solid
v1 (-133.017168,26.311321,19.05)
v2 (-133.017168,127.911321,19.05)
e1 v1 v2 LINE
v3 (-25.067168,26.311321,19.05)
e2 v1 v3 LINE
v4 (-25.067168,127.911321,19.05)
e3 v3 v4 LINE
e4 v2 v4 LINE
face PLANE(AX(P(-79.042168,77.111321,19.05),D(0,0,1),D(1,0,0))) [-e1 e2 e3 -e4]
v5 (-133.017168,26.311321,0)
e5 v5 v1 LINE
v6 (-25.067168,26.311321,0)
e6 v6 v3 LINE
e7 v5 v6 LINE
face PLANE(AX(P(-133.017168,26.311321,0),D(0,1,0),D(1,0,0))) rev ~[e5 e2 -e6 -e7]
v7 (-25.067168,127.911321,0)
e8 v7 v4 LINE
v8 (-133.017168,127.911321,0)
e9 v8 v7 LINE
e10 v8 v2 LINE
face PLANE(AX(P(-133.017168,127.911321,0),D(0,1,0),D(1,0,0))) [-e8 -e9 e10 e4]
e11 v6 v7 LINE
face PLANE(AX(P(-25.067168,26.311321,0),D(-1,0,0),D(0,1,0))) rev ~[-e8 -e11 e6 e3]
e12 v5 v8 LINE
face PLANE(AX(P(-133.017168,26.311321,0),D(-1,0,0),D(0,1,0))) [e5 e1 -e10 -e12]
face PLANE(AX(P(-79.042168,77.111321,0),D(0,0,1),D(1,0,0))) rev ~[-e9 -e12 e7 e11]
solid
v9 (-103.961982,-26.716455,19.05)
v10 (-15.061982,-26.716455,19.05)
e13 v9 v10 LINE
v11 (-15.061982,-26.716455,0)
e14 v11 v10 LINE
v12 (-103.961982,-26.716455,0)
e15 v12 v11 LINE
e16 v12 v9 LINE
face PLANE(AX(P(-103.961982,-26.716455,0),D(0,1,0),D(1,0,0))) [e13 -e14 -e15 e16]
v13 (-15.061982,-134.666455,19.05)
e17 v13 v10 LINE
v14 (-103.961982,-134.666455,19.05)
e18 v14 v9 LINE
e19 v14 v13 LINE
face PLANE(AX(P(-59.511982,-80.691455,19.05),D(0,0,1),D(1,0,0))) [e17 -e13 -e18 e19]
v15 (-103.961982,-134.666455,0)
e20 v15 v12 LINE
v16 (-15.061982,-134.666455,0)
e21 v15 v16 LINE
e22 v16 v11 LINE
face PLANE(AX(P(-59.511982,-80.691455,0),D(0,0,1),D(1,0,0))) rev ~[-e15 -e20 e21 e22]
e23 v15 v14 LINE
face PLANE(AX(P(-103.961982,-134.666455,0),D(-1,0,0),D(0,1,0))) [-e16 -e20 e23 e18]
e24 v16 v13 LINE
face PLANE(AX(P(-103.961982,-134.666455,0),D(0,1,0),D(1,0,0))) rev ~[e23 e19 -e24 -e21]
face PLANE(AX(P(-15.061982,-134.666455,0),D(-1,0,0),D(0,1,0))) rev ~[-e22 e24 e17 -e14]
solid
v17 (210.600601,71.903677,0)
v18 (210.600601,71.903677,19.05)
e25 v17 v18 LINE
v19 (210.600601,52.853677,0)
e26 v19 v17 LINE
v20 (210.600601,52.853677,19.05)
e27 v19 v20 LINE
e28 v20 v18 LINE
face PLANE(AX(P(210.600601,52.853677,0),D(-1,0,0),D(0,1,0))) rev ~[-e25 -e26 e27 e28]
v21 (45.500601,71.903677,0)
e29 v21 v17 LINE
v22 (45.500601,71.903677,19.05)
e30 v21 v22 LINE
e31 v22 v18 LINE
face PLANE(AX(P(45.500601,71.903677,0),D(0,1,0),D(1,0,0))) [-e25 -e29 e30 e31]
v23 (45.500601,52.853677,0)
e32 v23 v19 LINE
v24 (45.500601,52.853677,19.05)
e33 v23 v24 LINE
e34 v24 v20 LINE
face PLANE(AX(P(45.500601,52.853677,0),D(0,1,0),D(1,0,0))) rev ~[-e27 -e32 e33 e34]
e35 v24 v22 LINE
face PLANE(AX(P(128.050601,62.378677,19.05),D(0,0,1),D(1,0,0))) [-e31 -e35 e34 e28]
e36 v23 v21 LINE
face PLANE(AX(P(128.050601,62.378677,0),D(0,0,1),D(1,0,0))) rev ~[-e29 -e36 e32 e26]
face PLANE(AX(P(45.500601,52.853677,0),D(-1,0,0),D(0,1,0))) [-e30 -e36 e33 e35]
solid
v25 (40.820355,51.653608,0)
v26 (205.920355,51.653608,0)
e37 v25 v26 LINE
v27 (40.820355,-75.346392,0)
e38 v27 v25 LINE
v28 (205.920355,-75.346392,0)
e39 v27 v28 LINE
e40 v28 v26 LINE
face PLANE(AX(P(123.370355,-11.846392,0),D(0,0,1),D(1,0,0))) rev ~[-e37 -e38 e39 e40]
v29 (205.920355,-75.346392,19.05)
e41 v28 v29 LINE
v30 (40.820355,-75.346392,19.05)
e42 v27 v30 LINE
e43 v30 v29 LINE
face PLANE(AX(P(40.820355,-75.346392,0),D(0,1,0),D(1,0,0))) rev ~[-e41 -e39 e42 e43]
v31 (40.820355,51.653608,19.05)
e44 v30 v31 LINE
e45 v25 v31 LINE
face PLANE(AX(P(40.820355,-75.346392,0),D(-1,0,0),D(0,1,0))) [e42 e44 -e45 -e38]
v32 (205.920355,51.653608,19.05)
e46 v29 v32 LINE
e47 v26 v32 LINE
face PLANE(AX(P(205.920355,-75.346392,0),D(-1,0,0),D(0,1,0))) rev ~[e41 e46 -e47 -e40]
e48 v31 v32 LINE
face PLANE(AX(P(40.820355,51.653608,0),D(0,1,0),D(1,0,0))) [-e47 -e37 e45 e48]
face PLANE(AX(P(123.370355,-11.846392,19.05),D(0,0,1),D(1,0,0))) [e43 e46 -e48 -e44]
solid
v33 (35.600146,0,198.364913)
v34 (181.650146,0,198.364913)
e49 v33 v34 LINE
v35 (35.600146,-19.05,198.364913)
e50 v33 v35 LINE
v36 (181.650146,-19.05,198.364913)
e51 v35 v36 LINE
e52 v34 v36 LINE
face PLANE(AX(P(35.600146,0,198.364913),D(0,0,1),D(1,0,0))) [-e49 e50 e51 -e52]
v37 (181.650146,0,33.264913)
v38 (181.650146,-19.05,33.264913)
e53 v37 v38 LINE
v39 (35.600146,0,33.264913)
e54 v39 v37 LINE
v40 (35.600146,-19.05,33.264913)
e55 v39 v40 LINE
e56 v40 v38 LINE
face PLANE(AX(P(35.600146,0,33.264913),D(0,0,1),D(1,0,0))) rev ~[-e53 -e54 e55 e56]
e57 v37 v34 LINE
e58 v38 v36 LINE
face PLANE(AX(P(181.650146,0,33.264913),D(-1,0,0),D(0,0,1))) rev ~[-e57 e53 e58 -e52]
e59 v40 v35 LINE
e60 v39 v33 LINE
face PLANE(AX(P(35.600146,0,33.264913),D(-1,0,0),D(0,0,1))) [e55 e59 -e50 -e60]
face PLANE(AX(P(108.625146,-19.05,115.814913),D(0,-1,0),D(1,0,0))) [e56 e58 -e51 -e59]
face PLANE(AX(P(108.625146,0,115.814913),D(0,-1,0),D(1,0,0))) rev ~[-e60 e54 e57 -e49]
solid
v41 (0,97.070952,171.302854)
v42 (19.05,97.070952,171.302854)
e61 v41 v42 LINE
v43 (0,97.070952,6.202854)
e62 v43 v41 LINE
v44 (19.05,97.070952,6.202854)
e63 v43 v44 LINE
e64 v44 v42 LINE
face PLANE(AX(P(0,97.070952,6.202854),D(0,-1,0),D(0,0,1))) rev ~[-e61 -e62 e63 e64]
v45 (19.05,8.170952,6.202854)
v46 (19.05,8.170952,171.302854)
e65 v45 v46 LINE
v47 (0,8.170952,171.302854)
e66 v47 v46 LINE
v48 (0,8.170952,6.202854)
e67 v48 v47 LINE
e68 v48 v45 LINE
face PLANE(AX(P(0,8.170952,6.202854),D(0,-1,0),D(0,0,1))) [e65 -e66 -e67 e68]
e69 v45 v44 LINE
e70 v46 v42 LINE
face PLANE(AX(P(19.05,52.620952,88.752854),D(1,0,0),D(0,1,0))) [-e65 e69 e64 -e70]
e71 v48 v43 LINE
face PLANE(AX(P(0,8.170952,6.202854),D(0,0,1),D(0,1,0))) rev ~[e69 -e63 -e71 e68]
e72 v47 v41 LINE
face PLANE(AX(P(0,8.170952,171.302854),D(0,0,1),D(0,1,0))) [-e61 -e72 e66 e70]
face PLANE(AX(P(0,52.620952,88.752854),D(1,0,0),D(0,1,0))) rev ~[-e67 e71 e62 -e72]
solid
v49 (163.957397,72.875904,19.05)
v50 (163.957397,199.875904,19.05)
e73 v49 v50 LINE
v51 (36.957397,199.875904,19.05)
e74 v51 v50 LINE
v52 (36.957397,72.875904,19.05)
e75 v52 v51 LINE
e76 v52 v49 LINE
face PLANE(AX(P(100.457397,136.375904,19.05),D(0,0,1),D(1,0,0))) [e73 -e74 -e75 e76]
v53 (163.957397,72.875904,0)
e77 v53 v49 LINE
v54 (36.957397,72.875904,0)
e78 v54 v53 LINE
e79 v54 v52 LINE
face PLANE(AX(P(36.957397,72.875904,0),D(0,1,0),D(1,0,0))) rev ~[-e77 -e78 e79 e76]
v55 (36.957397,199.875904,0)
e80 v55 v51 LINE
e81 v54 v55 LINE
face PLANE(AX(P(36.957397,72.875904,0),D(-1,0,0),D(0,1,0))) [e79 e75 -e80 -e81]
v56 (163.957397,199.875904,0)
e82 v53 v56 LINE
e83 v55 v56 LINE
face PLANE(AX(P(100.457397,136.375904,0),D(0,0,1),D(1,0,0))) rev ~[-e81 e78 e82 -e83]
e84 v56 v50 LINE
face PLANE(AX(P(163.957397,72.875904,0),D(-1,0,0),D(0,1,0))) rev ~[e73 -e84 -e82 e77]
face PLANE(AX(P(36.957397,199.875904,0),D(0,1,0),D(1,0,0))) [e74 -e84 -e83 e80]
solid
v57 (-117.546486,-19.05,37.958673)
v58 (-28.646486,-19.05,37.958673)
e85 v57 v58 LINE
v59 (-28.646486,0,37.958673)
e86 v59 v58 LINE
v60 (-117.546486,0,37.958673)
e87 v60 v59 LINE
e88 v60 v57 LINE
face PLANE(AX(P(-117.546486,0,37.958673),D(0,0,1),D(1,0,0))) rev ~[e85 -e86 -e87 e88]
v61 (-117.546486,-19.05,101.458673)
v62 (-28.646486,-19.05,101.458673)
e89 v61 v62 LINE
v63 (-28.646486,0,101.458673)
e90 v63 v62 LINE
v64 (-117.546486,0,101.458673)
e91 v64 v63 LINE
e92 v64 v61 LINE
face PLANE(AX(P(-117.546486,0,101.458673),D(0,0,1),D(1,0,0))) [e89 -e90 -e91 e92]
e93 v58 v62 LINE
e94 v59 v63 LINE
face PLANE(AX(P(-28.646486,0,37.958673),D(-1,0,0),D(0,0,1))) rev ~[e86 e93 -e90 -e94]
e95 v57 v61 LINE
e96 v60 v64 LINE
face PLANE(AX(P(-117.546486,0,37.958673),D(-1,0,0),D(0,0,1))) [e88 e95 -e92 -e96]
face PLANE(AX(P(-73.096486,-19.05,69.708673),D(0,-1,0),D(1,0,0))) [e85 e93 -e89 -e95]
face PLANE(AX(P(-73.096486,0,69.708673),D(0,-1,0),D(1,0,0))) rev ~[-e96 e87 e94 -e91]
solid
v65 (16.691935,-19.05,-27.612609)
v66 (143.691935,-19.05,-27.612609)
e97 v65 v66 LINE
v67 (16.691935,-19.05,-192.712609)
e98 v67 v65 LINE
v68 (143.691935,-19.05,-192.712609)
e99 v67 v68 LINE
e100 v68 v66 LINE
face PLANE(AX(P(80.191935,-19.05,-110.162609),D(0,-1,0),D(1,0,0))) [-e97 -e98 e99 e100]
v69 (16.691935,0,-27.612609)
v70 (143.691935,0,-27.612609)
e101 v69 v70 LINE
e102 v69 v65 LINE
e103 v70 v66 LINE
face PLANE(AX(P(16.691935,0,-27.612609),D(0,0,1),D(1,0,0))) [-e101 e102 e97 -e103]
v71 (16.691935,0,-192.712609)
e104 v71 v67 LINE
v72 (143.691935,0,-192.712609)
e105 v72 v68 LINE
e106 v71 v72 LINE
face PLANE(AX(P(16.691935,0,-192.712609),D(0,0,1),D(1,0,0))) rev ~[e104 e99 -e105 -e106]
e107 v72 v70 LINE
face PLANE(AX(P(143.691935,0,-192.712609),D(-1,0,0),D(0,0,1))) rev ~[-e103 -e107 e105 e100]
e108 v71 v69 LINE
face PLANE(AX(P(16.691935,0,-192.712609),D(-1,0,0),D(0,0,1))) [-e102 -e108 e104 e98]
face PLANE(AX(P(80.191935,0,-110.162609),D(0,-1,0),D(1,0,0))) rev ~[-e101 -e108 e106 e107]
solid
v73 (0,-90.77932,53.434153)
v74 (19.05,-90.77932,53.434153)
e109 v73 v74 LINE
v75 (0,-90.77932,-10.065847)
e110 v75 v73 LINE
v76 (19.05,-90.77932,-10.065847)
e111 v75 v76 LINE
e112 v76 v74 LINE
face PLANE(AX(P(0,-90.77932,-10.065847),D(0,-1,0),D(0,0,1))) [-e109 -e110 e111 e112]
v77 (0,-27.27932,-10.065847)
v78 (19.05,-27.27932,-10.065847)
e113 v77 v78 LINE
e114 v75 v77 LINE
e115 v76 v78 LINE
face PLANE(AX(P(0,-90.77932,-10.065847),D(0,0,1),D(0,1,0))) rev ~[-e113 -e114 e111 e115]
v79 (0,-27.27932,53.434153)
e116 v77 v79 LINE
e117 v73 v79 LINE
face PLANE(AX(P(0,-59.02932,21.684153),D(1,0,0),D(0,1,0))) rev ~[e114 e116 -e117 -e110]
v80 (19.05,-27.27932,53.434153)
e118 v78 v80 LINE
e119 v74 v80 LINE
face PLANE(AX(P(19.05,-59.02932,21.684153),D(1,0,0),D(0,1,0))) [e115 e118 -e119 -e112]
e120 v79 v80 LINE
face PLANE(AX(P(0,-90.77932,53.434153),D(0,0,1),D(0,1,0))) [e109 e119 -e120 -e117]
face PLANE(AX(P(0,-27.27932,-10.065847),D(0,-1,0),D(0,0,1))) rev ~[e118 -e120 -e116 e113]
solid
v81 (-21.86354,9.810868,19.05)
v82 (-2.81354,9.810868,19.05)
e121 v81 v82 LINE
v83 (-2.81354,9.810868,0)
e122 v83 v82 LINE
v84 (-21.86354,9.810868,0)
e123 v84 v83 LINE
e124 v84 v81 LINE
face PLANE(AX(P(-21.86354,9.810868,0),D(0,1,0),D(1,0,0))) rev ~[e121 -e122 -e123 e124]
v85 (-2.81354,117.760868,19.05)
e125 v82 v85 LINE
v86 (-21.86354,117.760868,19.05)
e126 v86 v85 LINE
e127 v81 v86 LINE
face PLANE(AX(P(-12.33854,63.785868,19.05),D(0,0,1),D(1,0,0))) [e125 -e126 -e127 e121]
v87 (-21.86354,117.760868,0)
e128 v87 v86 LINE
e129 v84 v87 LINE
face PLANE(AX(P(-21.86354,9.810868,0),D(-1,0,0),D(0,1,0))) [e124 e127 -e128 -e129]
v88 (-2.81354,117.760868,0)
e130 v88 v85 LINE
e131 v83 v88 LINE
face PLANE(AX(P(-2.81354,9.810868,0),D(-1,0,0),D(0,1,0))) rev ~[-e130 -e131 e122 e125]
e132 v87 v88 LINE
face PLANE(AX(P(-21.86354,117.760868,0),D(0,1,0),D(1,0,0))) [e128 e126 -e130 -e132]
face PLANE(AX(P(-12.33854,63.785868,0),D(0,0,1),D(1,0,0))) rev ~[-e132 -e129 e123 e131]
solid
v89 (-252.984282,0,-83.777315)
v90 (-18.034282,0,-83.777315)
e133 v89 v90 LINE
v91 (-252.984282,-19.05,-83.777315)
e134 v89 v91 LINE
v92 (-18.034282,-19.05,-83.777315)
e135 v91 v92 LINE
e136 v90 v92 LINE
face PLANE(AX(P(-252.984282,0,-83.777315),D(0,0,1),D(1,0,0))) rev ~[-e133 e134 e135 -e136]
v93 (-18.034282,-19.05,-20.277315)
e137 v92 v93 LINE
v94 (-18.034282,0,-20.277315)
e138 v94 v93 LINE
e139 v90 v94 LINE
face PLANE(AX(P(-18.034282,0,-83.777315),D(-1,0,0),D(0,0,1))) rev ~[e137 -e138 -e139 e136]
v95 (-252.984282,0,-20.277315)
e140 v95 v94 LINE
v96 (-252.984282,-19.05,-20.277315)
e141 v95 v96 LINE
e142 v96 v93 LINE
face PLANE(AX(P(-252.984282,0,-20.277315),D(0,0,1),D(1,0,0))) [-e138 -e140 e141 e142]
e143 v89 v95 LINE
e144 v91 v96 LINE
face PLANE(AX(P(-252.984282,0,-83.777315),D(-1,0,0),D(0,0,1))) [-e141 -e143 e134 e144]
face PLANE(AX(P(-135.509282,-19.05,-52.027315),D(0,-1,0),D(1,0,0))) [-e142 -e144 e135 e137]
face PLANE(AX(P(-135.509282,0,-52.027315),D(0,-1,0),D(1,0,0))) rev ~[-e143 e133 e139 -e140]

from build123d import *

# Parameters (mm, degrees)
F0_W      = 88.9
F0_H      = 165.1
F1_DEPTH  = 19.05
F2_W      = 63.5
F2_H      = 63.5
F3_DEPTH  = 19.05
F4_W      = 127
F4_H      = 127
F5_DEPTH  = 19.05
F6_W      = 107.95
F6_H      = 101.6
F7_DEPTH  = 19.05
F8_W      = 88.9
F8_H      = 63.5
F9_DEPTH  = 19.05
F10_W     = 127
F10_H     = 165.1
F11_DEPTH = 19.05
F12_W     = 165.1
F12_H     = 127
F13_DEPTH = 19.05
F14_W     = 146.05
F14_H     = 165.1
F15_DEPTH = 19.05
F16_W     = 234.95
F16_H     = 63.5
F17_DEPTH = 19.05
F18_W     = 88.9
F18_H     = 107.95
F19_DEPTH = 19.05
F20_W     = 165.1
F20_H     = 19.05
F21_DEPTH = 19.05
F22_W     = 19.05
F22_H     = 107.95
F23_DEPTH = 19.05


with BuildPart() as f1:
    # F0 (on Right) → F1 (new body)
    with BuildSketch(Plane.YZ):
        with Locations((52.620952, 88.752854)):
            Rectangle(F0_W, F0_H)
    extrude(amount=F1_DEPTH)


with BuildPart() as f3:
    # F2 (on Right) → F3 (new body)
    with BuildSketch(Plane.YZ):
        with Locations((-59.02932, 21.684153)):
            Rectangle(F2_W, F2_H)
    extrude(amount=F3_DEPTH)


with BuildPart() as f5:
    # F4 (on Top) → F5 (new body)
    with BuildSketch(Plane.XY):
        with Locations((100.457397, 136.375904)):
            Rectangle(F4_W, F4_H)
    extrude(amount=F5_DEPTH)


with BuildPart() as f7:
    # F6 (on Top) → F7 (new body)
    with BuildSketch(Plane.XY):
        with Locations((-79.042168, 77.111321)):
            Rectangle(F6_W, F6_H)
    extrude(amount=F7_DEPTH)


with BuildPart() as f9:
    # F8 (on Front) → F9 (new body)
    with BuildSketch(Plane.XZ):
        with Locations((-73.096486, 69.708673)):
            Rectangle(F8_W, F8_H)
    extrude(amount=F9_DEPTH)


with BuildPart() as f11:
    # F10 (on Front) → F11 (new body)
    with BuildSketch(Plane.XZ):
        with Locations((80.191935, -110.162609)):
            Rectangle(F10_W, F10_H)
    extrude(amount=F11_DEPTH)


with BuildPart() as f13:
    # F12 (on Top) → F13 (new body)
    with BuildSketch(Plane.XY):
        with Locations((123.370355, -11.846392)):
            Rectangle(F12_W, F12_H)
    extrude(amount=F13_DEPTH)


with BuildPart() as f15:
    # F14 (on Front) → F15 (new body)
    with BuildSketch(Plane.XZ):
        with Locations((108.625146, 115.814913)):
            Rectangle(F14_W, F14_H)
    extrude(amount=F15_DEPTH)


with BuildPart() as f17:
    # F16 (on Front) → F17 (new body)
    with BuildSketch(Plane.XZ):
        with Locations((-135.509282, -52.027315)):
            Rectangle(F16_W, F16_H)
    extrude(amount=F17_DEPTH)


with BuildPart() as f19:
    # F18 (on Top) → F19 (new body)
    with BuildSketch(Plane.XY):
        with Locations((-59.511982, -80.691455)):
            Rectangle(F18_W, F18_H)
    extrude(amount=F19_DEPTH)


with BuildPart() as f21:
    # F20 (on Top) → F21 (new body)
    with BuildSketch(Plane.XY):
        with Locations((128.050601, 62.378677)):
            Rectangle(F20_W, F20_H)
    extrude(amount=F21_DEPTH)


with BuildPart() as f23:
    # F22 (on Top) → F23 (new body)
    with BuildSketch(Plane.XY):
        with Locations((-12.33854, 63.785868)):
            Rectangle(F22_W, F22_H)
    extrude(amount=F23_DEPTH)


solid = Compound([f1.part, f3.part, f5.part, f7.part, f9.part, f11.part, f13.part, f15.part, f17.part, f19.part, f21.part, f23.part])
